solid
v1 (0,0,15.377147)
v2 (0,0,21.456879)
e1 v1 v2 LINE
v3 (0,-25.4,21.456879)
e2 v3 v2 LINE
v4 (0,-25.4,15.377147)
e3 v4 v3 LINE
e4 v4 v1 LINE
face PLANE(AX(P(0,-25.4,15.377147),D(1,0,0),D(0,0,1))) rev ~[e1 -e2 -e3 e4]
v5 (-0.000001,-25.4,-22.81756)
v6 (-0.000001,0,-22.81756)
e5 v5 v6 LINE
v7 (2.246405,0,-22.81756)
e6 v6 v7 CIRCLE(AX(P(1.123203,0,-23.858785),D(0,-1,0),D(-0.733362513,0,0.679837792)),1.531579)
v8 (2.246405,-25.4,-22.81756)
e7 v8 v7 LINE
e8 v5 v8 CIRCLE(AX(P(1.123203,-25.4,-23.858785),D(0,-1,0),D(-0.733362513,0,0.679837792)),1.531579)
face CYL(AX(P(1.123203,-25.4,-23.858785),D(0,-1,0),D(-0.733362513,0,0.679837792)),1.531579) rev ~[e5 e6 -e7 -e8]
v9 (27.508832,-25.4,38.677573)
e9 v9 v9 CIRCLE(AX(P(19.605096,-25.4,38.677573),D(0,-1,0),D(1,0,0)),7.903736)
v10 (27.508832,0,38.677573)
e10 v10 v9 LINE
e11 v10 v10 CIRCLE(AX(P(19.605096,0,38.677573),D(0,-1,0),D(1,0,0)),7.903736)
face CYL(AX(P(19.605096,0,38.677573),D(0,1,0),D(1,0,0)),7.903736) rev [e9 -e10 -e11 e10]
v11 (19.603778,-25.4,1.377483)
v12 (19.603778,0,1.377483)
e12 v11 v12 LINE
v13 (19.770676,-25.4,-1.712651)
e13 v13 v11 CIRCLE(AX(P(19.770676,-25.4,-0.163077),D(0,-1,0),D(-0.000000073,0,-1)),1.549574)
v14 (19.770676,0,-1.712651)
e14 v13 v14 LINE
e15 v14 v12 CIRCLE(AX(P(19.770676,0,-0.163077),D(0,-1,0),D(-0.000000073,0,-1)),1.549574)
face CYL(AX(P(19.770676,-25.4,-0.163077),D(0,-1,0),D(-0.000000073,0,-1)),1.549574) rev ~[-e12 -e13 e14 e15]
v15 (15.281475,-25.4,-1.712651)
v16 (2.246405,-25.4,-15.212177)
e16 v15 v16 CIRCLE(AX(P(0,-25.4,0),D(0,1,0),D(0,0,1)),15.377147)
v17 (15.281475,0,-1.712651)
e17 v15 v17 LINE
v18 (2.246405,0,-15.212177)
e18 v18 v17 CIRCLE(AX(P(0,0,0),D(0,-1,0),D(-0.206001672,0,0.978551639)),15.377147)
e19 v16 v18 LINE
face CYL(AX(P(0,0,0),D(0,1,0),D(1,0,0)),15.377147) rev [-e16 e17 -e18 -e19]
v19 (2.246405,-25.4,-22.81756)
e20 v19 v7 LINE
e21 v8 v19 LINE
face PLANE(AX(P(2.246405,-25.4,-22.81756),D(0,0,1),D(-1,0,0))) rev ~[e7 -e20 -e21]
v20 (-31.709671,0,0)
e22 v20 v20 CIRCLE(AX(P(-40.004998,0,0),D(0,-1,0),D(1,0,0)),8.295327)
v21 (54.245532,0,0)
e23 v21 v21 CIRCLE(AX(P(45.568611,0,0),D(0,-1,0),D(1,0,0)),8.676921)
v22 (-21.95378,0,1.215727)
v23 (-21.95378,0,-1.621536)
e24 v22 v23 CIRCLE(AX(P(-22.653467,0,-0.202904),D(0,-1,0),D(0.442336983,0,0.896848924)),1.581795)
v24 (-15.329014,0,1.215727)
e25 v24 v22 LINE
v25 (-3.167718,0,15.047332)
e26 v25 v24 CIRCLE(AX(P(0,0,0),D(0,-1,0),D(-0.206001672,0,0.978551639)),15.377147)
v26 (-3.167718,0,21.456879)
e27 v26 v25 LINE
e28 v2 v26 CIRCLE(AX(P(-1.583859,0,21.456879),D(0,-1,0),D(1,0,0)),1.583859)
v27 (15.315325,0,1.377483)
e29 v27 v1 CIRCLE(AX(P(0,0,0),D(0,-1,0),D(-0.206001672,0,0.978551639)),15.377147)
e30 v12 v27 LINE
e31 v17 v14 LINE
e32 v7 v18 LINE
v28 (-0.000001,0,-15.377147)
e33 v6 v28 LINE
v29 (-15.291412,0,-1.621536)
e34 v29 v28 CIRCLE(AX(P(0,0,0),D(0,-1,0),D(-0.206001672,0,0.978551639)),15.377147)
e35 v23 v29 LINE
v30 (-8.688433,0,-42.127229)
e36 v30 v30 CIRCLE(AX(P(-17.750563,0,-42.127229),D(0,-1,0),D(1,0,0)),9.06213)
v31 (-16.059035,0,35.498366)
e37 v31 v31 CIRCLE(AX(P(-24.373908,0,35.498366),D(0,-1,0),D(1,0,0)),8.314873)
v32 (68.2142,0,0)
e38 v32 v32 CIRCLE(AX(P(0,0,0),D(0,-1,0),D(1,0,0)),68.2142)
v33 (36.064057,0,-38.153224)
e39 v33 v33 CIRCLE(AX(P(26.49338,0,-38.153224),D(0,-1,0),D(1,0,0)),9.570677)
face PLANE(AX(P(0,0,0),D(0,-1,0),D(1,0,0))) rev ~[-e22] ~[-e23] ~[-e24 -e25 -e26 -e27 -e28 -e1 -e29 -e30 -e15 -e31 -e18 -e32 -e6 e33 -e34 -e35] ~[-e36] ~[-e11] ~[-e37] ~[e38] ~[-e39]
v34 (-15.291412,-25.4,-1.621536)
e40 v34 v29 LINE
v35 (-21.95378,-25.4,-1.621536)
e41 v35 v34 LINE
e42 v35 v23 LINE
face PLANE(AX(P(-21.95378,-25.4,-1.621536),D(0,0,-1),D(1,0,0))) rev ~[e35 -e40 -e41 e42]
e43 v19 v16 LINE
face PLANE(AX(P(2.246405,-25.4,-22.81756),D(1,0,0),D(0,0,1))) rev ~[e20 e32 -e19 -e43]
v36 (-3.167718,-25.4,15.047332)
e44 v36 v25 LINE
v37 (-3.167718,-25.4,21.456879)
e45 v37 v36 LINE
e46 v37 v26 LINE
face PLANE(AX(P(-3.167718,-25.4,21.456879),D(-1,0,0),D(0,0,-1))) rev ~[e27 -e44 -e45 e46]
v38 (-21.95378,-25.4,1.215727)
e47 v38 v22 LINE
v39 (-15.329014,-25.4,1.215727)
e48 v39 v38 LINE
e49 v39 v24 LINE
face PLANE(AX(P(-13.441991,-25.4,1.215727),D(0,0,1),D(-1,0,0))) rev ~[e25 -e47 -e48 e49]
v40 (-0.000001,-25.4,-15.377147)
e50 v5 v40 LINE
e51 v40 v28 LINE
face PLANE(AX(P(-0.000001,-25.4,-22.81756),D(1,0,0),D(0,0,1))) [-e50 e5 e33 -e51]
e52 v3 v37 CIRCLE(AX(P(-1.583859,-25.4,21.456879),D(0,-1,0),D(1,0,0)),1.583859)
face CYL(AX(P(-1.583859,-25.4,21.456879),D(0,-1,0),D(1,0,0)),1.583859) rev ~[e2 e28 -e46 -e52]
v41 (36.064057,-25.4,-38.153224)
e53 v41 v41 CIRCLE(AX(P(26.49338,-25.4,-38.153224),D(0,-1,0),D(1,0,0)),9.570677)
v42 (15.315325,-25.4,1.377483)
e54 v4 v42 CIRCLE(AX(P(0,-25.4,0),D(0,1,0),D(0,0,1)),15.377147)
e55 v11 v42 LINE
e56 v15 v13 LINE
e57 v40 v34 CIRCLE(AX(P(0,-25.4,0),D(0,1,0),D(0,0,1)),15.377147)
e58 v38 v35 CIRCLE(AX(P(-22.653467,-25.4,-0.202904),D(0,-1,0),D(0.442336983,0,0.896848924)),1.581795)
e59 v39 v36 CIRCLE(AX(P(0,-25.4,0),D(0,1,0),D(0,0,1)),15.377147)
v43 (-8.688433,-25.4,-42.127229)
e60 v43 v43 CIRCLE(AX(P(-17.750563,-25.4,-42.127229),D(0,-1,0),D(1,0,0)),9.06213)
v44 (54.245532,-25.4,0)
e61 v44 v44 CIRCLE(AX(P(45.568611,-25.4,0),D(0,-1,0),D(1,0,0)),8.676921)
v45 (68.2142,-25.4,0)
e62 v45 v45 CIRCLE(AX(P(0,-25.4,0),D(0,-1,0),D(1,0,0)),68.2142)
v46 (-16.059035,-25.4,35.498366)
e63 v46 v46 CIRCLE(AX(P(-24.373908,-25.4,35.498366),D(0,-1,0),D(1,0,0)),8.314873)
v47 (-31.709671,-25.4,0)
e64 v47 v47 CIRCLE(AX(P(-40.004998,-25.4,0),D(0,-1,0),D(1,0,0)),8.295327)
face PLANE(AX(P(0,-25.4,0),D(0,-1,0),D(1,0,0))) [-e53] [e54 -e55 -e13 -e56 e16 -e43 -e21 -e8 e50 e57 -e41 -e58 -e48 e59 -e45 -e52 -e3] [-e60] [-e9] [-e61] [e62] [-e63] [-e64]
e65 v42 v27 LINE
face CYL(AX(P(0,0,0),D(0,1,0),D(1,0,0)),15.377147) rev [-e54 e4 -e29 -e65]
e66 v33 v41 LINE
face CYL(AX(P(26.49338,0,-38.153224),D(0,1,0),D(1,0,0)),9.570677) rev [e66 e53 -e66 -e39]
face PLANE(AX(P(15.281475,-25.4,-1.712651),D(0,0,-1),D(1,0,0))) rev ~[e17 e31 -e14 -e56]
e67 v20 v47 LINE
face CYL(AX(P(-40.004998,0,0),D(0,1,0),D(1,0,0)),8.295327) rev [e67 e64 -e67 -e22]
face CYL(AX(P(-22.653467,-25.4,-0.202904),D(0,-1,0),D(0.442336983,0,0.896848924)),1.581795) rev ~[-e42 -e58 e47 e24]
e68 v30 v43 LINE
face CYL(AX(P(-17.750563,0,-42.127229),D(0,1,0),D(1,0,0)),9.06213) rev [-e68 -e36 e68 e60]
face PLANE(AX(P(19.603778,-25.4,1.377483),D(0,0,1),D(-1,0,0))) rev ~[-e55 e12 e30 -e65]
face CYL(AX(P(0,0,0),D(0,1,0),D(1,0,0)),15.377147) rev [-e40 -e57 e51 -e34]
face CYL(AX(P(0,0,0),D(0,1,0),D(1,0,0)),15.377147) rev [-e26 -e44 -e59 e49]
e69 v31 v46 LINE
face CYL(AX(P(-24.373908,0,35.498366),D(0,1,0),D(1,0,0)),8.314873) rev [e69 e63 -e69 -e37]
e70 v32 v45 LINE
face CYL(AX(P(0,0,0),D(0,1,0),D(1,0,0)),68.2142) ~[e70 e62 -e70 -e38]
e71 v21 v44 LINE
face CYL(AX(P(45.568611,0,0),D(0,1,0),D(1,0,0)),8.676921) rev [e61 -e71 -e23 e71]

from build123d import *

# Parameters (mm, degrees)
F0_R     = 68.2142
F0_R_2   = 9.06213
F0_R_3   = 9.570677
F0_R_4   = 8.295327
F0_R_5   = 8.314873
F0_R_6   = 15.377147
F0_R_7   = 8.676921
F0_R_8   = 7.903736
F1_DEPTH = 25.4
F3_DEPTH = 25.401
F4_W     = 2.246405
F4_H     = 9.179381
F5_DEPTH = 25.401


with BuildPart() as f1:
    # F0 (on Front) → F1 (new body)
    with BuildSketch(Plane.XZ):
        Circle(F0_R)
        with Locations((-17.750563, -42.127229)):
            Circle(F0_R_2, mode=Mode.SUBTRACT)
        with Locations((26.49338, -38.153224)):
            Circle(F0_R_3, mode=Mode.SUBTRACT)
        with Locations((-40.004998, 0)):
            Circle(F0_R_4, mode=Mode.SUBTRACT)
        with Locations((-24.373908, 35.498366)):
            Circle(F0_R_5, mode=Mode.SUBTRACT)
        Circle(F0_R_6, mode=Mode.SUBTRACT)
        with Locations((45.568611, 0)):
            Circle(F0_R_7, mode=Mode.SUBTRACT)
        with Locations((19.605096, 38.677573)):
            Circle(F0_R_8, mode=Mode.SUBTRACT)
    extrude(amount=F1_DEPTH)

    # F2 (on face) → F3 (cut, through all)
    with BuildSketch(Plane.XZ.offset(25.4)):
        Polygon((-3.167718, 21.456879), (-3.167718, 15.047332), (0, 15.377147), (0, 21.456879), align=None)
        with BuildLine():
            ThreePointArc((0, 21.456879), (-1.583859, 23.040738), (-3.167718, 21.456879))
            Line((-3.167718, 21.456879), (0, 21.456879))
        make_face()
    extrude(amount=-F3_DEPTH, mode=Mode.SUBTRACT)

    # F4 (on face) → F5 (cut, through all)
    with BuildSketch(Plane.XZ.offset(25.4)):
        with BuildLine():
            Line((19.603778, 1.377483), (15.315325, 1.377483))
            Line((15.315325, 1.377483), (13.762355, 0))
            Line((13.762355, 0), (15.281475, -1.712651))
            Line((15.281475, -1.712651), (19.770676, -1.712651))
            ThreePointArc((19.770676, -1.712651), (21.317995, -0.079506), (19.603778, 1.377483))
        make_face()
        Polygon((-13.441991, 1.215727), (-13.775786, 1.215727), (-13.775786, 0), (-13.775786, -1.621536), align=None)
        Polygon((-13.775786, 0), (-13.775786, 1.215727), (-21.95378, 1.215727), (-21.95378, -1.621536), (-13.775786, -1.621536), align=None)
        with BuildLine():
            Line((-21.95378, -1.621536), (-21.95378, 1.215727))
            ThreePointArc((-21.95378, 1.215727), (-24.235262, -0.202904), (-21.95378, -1.621536))
        make_face()
        with Locations((1.123202, -18.22787)):
            Rectangle(F4_W, F4_H)
        with BuildLine():
            Line((2.246405, -22.81756), (0, -22.81756))
            ThreePointArc((0, -22.81756), (1.123202, -25.390364), (2.246405, -22.81756))
        make_face()
    extrude(amount=-F5_DEPTH, mode=Mode.SUBTRACT)


solid = f1.part
